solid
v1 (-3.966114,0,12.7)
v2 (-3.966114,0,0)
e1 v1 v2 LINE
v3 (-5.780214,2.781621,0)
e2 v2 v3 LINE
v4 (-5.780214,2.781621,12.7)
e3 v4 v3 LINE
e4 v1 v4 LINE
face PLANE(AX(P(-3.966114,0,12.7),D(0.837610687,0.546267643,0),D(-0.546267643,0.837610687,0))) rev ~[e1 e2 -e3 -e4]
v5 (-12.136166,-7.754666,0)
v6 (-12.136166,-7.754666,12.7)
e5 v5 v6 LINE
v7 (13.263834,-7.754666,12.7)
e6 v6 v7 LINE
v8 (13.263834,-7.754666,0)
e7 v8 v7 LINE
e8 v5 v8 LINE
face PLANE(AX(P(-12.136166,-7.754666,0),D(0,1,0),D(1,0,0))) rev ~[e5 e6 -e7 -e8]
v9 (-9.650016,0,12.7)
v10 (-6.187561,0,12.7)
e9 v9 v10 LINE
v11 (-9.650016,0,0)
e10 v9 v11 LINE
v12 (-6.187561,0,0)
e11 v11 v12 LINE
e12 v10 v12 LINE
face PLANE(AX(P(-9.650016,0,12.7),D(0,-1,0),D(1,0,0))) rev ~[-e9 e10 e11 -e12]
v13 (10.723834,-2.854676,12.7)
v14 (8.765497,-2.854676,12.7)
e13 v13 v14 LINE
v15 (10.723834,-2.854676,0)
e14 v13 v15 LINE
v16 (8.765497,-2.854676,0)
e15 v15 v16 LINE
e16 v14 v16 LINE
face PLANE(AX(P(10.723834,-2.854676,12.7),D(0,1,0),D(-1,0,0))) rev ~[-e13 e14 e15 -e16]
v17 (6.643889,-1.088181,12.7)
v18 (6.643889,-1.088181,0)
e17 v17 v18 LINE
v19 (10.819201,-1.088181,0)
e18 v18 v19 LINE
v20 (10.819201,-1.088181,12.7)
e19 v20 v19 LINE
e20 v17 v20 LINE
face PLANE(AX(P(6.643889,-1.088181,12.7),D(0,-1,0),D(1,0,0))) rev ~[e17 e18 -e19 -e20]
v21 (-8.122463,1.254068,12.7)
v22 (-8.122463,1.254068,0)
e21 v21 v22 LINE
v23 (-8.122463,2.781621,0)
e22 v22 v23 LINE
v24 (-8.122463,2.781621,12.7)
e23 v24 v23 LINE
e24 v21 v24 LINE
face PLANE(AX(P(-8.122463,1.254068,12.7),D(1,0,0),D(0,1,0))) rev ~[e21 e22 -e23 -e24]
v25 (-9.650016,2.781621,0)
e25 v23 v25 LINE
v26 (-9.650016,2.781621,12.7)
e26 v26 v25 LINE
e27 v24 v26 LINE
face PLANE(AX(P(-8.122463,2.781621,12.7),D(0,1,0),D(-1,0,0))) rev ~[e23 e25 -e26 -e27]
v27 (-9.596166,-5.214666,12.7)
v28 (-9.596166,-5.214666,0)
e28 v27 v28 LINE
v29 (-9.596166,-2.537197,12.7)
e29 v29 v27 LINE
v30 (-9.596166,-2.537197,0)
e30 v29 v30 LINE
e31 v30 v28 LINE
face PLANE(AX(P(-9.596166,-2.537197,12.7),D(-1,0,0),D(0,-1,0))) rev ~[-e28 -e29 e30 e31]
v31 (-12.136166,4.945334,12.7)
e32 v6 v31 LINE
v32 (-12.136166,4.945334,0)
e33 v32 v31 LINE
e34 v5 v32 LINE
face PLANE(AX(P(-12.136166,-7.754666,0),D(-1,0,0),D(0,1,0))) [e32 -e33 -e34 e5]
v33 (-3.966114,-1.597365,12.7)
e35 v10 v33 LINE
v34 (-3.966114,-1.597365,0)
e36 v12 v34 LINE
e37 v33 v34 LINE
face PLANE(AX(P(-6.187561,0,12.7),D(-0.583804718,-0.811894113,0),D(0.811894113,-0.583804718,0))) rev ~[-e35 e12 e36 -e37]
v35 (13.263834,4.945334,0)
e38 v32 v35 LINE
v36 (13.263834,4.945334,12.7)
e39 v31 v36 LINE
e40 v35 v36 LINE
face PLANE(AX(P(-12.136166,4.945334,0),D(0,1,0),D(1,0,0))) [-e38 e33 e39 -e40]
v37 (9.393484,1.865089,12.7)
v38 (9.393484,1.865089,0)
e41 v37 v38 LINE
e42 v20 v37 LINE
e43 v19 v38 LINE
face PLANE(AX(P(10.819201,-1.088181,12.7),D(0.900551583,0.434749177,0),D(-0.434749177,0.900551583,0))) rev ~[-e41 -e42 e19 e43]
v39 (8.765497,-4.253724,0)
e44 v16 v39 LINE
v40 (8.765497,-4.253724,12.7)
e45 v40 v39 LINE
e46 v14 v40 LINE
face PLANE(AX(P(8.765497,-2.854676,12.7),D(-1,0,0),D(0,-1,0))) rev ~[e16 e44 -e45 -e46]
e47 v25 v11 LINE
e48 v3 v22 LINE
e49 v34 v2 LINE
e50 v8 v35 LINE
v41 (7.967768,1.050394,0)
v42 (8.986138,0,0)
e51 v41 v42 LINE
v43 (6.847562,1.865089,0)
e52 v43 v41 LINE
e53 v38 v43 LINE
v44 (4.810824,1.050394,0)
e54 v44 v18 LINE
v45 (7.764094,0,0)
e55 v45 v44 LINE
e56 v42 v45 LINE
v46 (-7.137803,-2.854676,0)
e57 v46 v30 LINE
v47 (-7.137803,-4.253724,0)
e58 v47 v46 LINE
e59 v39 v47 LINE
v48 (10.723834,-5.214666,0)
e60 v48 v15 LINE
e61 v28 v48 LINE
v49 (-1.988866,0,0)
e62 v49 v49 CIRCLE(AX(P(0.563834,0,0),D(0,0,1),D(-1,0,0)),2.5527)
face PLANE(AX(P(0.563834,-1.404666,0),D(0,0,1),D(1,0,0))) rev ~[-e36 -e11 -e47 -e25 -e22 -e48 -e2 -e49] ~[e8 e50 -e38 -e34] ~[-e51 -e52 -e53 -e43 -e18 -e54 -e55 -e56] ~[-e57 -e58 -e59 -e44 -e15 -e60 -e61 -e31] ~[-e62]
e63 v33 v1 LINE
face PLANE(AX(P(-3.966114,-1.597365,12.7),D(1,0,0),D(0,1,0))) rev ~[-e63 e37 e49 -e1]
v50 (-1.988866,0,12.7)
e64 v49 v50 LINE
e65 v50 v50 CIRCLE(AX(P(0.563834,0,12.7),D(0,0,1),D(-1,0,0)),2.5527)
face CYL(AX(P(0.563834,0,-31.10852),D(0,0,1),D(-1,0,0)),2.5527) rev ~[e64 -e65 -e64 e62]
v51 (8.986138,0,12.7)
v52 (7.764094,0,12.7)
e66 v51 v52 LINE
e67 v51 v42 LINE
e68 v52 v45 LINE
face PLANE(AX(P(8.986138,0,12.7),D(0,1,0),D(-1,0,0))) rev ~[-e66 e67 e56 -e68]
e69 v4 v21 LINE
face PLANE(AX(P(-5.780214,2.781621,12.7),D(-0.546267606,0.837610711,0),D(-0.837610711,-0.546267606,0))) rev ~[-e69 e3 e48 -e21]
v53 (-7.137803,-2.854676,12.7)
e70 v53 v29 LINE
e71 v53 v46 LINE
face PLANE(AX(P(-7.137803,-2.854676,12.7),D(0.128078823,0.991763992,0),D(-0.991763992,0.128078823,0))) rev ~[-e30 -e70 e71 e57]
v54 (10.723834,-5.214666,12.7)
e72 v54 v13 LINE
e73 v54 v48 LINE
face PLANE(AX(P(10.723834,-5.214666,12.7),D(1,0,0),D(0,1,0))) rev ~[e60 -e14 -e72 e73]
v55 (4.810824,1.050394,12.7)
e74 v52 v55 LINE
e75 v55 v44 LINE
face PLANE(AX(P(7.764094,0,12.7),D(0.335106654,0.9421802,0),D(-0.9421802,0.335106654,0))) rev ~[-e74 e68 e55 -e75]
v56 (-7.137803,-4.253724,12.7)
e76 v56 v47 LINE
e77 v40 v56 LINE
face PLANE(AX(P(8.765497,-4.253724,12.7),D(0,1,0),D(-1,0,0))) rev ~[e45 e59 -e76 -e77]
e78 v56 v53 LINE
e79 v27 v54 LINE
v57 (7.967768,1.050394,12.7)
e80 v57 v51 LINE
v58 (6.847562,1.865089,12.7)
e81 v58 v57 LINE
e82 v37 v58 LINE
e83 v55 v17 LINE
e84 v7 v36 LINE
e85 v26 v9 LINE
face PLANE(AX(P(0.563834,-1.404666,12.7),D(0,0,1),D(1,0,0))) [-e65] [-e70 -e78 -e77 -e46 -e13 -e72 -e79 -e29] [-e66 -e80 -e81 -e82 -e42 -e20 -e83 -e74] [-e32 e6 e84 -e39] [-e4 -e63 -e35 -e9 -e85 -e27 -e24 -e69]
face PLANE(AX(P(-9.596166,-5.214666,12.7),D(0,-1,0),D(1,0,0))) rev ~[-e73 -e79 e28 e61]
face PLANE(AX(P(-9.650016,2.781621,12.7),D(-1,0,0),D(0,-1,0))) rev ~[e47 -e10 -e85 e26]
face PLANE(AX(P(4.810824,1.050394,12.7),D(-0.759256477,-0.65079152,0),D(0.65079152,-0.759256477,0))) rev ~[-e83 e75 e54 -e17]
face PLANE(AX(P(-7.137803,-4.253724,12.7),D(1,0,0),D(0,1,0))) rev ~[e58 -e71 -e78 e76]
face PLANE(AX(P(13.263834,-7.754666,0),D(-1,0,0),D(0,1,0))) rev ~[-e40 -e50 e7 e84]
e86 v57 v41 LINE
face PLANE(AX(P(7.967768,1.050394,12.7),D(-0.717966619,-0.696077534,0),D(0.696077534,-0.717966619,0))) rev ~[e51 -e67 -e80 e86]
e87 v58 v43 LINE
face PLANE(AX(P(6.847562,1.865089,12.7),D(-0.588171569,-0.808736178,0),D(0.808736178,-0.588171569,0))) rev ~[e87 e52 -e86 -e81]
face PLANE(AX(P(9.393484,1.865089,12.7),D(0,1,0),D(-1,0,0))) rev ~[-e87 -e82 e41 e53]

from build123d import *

# Parameters (mm, degrees)
F0_W     = 25.4
F0_H     = 12.7
F1_DEPTH = 12.7
F3_D     = 5.1054
F5_DEPTH = 25.4
F7_DEPTH = 25.4
F9_DEPTH = 25.4


with BuildPart() as f1:
    # F0 (on Top) → F1 (new body)
    with BuildSketch(Plane.XY):
        with Locations((0.563834, -1.404666)):
            Rectangle(F0_W, F0_H)
    extrude(amount=F1_DEPTH)

    # F3 (through all)
    with Locations(Plane(origin=(0, 0, 0), x_dir=(1, 0, 0), z_dir=(0, 0, -1))):
        with Locations((0.563834, 0)):
            Hole(F3_D / 2)

    # F4 (on face) → F5 (cut)
    with BuildSketch(Plane.XY.offset(12.7)):
        Polygon((-9.596166, -2.537197), (-9.596166, -5.214666), (10.723834, -5.214666), (10.723834, -2.854676), (8.765497, -2.854676), (8.765497, -4.253724), (-7.137803, -4.253724), (-7.137803, -2.854676), align=None)
    extrude(amount=-F5_DEPTH, mode=Mode.SUBTRACT)

    # F6 (on face) → F7 (cut)
    with BuildSketch(Plane.XY.offset(12.7)):
        Polygon((-9.650016, 2.781621), (-9.650016, 0), (-6.187561, 0), (-3.966114, -1.597365), (-3.966114, 0), (-5.780214, 2.781621), (-8.122463, 1.254068), (-8.122463, 2.781621), align=None)
    extrude(amount=-F7_DEPTH, mode=Mode.SUBTRACT)

    # F8 (on face) → F9 (cut)
    with BuildSketch(Plane.XY.offset(12.7)):
        Polygon((9.393484, 1.865089), (6.847562, 1.865089), (7.967768, 1.050394), (8.986138, 0), (7.764094, 0), (4.810824, 1.050394), (6.643889, -1.088181), (10.819201, -1.088181), align=None)
    extrude(amount=-F9_DEPTH, mode=Mode.SUBTRACT)


solid = f1.part
